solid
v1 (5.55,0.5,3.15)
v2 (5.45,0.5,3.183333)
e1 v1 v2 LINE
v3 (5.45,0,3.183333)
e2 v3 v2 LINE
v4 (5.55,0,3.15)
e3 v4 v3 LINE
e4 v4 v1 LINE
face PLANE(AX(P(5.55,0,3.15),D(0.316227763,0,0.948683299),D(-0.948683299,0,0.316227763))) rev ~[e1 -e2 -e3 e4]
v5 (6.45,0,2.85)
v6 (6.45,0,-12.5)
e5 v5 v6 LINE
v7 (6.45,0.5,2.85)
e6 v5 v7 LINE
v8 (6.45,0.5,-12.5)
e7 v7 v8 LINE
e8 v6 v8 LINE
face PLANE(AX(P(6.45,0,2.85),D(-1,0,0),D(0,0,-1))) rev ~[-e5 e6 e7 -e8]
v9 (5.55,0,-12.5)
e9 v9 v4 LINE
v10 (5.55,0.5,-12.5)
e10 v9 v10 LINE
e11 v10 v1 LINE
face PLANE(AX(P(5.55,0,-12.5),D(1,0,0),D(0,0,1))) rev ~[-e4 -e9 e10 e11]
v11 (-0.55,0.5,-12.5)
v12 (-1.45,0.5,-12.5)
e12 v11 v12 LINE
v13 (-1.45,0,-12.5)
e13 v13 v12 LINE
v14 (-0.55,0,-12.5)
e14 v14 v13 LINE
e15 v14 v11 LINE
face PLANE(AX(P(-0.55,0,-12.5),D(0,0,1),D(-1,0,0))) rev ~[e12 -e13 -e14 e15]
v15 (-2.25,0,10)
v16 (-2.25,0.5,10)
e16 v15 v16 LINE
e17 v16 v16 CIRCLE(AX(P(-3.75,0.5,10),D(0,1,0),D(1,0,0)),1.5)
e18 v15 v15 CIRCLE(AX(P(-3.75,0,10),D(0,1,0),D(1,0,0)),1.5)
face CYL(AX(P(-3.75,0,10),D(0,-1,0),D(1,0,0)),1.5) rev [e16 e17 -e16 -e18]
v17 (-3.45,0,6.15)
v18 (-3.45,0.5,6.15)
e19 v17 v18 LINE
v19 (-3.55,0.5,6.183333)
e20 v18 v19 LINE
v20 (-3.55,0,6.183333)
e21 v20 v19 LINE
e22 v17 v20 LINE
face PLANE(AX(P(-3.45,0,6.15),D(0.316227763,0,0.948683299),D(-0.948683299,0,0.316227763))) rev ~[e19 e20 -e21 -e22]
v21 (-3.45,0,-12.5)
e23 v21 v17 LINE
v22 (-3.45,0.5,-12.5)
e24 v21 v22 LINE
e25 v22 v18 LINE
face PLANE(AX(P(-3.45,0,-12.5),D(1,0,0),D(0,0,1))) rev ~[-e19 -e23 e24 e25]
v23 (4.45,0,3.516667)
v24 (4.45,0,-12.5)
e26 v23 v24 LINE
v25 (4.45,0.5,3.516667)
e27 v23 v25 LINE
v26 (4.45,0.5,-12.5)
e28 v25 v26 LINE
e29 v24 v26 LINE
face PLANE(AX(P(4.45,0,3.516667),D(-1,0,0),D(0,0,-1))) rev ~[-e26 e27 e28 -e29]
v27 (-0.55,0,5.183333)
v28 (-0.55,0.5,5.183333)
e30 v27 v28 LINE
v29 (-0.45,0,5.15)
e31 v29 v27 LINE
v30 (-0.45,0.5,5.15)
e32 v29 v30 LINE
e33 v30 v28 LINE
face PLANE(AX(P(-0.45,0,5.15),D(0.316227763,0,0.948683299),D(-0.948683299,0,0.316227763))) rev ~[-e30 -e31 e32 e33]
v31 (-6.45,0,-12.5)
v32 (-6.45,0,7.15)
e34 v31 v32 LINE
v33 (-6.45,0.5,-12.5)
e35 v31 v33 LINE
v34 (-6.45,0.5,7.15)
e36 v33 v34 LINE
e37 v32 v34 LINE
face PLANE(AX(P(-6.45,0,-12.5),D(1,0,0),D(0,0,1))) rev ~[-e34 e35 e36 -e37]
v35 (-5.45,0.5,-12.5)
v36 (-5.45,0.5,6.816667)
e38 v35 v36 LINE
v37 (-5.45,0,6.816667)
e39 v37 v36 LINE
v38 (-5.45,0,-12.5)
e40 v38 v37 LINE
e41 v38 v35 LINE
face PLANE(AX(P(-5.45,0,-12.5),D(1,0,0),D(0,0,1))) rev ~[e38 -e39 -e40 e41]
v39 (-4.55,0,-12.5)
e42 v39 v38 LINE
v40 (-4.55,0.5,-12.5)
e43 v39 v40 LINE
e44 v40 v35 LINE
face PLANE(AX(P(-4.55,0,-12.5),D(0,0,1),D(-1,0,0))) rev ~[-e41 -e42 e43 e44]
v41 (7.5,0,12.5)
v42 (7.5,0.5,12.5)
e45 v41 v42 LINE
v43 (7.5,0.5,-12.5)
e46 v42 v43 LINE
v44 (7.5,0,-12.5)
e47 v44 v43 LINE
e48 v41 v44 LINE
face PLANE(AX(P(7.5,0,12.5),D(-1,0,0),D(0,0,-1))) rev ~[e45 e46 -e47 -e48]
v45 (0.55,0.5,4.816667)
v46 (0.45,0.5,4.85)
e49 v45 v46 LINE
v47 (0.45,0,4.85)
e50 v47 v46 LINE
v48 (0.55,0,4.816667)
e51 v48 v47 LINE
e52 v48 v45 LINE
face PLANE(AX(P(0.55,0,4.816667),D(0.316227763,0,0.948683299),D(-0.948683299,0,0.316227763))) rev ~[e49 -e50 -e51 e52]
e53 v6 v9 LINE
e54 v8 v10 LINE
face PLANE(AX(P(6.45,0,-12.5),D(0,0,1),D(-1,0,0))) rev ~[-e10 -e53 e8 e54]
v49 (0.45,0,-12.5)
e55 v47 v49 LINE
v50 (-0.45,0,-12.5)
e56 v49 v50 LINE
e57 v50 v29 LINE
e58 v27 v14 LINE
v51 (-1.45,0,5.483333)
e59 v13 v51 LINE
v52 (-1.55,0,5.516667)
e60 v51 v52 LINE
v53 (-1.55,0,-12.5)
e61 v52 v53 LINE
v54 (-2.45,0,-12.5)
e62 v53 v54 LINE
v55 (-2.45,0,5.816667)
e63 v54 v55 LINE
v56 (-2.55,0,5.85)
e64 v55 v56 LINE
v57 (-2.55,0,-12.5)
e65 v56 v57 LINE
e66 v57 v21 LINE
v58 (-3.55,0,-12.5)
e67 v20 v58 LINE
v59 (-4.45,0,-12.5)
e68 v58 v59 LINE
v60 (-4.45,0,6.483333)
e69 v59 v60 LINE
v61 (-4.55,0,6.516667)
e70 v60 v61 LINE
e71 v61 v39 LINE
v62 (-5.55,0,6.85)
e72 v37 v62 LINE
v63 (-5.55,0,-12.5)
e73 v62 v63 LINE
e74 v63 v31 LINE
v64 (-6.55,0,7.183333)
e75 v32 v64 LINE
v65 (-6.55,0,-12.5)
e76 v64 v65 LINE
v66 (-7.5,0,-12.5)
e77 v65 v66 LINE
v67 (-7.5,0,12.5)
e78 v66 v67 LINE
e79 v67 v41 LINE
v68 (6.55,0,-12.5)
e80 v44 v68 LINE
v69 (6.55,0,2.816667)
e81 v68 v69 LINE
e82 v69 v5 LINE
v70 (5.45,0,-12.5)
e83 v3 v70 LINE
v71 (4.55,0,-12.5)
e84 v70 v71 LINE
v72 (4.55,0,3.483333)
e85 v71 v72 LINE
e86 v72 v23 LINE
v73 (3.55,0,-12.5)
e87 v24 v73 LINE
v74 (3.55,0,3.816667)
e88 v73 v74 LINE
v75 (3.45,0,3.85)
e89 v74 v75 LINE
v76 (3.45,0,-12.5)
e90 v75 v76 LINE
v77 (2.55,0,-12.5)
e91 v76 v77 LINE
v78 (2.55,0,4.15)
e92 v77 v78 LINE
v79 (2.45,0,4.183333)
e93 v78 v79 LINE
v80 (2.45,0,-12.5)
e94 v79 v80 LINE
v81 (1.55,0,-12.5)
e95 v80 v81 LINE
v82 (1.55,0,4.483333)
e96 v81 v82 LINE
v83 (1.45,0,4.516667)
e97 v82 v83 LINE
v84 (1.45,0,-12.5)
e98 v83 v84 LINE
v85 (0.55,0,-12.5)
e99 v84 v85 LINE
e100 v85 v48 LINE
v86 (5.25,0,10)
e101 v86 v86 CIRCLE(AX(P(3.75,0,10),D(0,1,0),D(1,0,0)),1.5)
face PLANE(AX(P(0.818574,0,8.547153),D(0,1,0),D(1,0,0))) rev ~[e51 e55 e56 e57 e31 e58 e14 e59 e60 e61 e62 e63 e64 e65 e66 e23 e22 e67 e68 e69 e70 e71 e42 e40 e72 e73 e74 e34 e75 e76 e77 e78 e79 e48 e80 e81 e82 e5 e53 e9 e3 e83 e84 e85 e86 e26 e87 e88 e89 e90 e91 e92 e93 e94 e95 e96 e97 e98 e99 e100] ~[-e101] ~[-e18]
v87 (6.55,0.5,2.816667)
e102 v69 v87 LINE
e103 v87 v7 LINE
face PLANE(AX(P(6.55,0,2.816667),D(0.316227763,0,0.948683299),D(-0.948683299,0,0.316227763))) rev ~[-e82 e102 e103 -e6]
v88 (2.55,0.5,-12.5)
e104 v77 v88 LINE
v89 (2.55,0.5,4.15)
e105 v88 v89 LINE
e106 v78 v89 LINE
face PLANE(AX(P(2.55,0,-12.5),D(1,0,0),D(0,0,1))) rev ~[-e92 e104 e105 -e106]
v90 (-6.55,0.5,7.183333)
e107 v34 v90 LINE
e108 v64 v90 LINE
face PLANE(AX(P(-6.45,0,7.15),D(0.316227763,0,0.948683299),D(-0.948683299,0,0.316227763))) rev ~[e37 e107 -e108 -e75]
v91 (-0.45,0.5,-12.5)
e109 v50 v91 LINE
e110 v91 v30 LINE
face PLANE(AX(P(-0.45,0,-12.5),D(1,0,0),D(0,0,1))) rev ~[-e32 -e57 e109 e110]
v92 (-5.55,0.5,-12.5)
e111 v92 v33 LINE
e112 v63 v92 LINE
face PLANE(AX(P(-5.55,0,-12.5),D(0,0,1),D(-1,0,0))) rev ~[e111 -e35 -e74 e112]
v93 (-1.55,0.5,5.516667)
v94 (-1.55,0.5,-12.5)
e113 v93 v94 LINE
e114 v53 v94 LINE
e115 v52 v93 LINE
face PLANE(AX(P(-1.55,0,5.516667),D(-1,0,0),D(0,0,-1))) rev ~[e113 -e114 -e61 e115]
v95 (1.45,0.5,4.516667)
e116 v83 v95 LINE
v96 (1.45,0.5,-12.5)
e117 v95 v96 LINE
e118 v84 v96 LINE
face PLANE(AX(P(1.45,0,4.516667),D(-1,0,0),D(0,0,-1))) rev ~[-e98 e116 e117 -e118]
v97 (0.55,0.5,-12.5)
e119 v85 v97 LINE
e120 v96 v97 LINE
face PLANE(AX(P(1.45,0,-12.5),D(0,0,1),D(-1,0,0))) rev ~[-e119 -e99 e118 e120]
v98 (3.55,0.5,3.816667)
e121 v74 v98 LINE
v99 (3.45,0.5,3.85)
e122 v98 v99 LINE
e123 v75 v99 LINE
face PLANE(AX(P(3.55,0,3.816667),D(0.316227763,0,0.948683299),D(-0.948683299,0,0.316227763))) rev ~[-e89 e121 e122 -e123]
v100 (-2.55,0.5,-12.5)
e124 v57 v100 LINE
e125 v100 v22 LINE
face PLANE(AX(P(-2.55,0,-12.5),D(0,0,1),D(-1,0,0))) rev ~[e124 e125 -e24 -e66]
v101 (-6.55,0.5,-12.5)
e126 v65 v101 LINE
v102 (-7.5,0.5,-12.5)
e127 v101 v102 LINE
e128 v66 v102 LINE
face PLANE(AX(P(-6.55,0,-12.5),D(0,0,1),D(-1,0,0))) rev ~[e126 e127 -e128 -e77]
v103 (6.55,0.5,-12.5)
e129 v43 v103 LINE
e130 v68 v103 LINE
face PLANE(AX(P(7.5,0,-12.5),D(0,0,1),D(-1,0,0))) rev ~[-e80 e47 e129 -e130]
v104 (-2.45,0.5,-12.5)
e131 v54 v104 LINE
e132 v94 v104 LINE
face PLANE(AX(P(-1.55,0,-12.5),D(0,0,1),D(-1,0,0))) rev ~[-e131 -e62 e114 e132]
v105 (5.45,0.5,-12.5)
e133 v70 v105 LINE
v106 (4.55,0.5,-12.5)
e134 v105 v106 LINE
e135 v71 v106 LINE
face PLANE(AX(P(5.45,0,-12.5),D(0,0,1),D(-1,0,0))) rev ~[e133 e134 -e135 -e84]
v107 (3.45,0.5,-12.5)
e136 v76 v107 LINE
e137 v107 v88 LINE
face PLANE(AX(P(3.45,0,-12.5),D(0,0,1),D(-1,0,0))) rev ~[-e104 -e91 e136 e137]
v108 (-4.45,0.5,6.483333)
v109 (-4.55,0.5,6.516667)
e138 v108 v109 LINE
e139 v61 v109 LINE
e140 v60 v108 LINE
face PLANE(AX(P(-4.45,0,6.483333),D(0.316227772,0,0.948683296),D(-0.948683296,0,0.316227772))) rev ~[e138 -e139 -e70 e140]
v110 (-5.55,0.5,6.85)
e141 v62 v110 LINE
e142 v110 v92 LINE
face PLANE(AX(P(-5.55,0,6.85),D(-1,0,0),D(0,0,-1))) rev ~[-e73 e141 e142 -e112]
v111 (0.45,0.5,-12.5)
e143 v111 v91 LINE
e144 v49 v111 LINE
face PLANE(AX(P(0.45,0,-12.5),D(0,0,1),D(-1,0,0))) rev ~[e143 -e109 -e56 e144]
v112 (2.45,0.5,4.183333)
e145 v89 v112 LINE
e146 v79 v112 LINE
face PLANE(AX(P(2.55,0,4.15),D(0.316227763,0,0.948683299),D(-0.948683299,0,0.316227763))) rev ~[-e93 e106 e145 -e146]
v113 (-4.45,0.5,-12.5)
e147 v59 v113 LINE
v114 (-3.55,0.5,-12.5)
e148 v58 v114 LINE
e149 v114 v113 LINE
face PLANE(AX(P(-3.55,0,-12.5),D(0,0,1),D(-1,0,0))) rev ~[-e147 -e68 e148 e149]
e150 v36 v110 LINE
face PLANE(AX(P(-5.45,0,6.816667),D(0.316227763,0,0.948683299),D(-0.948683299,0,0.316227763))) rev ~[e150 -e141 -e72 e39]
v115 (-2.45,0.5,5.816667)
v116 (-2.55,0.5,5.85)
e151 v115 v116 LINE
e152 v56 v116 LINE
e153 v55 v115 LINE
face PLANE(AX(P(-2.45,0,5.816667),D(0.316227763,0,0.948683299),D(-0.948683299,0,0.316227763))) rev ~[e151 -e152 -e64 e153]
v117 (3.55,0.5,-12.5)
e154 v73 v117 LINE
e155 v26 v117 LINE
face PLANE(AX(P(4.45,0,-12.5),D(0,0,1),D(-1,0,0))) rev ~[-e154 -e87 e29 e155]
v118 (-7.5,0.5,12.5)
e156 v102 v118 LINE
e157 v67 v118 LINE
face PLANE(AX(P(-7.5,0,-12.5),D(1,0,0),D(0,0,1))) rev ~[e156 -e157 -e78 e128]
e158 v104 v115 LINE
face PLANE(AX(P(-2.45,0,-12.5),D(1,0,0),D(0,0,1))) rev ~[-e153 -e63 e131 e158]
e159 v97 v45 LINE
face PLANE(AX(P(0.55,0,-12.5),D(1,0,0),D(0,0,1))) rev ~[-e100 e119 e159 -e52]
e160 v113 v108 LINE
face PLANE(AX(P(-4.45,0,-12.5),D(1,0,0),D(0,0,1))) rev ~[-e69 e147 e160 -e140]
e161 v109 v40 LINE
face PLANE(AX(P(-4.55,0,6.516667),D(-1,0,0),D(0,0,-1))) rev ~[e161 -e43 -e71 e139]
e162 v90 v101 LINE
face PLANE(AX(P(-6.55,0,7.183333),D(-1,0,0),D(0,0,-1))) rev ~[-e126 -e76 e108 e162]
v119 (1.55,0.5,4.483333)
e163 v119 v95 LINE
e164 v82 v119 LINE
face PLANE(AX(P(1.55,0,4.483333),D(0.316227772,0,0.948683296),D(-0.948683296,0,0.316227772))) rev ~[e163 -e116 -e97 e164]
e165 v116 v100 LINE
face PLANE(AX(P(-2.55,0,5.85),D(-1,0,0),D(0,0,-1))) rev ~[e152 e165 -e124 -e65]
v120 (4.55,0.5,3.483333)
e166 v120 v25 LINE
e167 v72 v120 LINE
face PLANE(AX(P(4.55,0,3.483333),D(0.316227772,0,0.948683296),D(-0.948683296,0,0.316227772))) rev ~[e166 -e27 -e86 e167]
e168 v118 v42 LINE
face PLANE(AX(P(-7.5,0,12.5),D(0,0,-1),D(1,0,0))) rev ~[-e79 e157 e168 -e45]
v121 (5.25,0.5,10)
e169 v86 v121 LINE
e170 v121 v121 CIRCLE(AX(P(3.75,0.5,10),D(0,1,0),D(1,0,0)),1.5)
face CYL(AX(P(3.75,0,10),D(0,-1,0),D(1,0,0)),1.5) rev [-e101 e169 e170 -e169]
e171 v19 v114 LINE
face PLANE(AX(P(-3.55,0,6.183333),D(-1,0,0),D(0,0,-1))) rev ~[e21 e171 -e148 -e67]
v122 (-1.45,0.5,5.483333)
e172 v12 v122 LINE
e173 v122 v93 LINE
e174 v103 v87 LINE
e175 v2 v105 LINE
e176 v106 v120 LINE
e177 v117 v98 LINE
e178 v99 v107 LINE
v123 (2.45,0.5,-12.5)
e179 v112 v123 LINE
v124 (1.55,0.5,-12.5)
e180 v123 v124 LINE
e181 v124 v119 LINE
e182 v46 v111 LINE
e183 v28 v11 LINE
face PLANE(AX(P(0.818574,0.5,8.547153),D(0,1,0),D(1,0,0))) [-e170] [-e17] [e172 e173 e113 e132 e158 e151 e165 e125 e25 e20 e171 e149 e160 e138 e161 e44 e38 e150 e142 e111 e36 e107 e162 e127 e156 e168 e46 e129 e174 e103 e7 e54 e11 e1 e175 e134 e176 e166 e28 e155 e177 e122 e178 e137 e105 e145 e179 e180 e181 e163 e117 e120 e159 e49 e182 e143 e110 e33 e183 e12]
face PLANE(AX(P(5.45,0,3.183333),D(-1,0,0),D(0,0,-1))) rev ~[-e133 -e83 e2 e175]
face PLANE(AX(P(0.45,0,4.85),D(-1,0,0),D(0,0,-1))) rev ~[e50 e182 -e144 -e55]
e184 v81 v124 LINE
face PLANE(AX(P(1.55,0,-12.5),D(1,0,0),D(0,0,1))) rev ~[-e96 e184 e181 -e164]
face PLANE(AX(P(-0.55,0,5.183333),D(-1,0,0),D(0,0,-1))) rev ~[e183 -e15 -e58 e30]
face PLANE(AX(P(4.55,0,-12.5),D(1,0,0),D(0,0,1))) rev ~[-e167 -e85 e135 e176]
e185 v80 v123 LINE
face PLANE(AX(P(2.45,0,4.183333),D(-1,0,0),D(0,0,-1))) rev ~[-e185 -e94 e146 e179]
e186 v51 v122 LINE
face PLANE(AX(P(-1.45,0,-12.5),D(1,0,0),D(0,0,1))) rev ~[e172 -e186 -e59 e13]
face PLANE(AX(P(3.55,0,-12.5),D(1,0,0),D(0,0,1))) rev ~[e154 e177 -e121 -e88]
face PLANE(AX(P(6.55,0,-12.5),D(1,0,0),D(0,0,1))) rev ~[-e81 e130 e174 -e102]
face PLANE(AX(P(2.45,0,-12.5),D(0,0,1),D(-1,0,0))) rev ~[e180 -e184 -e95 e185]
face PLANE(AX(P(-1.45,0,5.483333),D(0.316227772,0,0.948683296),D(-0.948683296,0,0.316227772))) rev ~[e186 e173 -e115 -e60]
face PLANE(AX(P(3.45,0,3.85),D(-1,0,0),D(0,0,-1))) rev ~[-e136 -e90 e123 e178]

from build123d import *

# Parameters (mm, degrees)
SKETCH1_R           = 1.5
BOSS_EXTRUDE1_DEPTH = 0.5


with BuildPart() as part:
    # Sketch1 → Boss-Extrude1 (new body)
    with BuildSketch(Plane(origin=(0, 0, 0), x_dir=(1, 0, 0), z_dir=(0, 1, 0))):
        Polygon((-6.55, -7.183333333), (-7.5, -7.5), (-7.5, -12.5), (7.5, -12.5), (7.5, -2.5), (6.55, -2.816666667), (6.45, -2.85), (5.55, -3.15), (5.45, -3.183333333), (4.55, -3.483333333), (4.45, -3.516666667), (3.55, -3.816666667), (3.45, -3.85), (2.55, -4.15), (2.45, -4.183333333), (1.55, -4.483333333), (1.45, -4.516666667), (0.55, -4.816666667), (0.45, -4.85), (-0.45, -5.15), (-0.55, -5.183333333), (-1.45, -5.483333333), (-1.55, -5.516666667), (-2.45, -5.816666667), (-2.55, -5.85), (-3.45, -6.15), (-3.55, -6.183333333), (-4.45, -6.483333333), (-4.55, -6.516666667), (-5.45, -6.816666667), (-5.55, -6.85), (-6.45, -7.15), align=None)
        with Locations((-3.75, -10)):
            Circle(SKETCH1_R, mode=Mode.SUBTRACT)
        with Locations((3.75, -10)):
            Circle(SKETCH1_R, mode=Mode.SUBTRACT)
        Polygon((6.55, -2.816666667), (7.5, -2.5), (7.5, 12.5), (6.55, 12.5), align=None)
        Polygon((5.55, -3.15), (6.45, -2.85), (6.45, 12.5), (5.55, 12.5), align=None)
        Polygon((4.55, -3.483333333), (5.45, -3.183333333), (5.45, 12.5), (4.55, 12.5), align=None)
        Polygon((3.55, -3.816666667), (4.45, -3.516666667), (4.45, 12.5), (3.55, 12.5), align=None)
        Polygon((2.55, -4.15), (3.45, -3.85), (3.45, 12.5), (2.55, 12.5), align=None)
        Polygon((1.55, -4.483333333), (2.45, -4.183333333), (2.45, 12.5), (1.55, 12.5), align=None)
        Polygon((0.55, -4.816666667), (1.45, -4.516666667), (1.45, 12.5), (0.55, 12.5), align=None)
        Polygon((-0.45, 12.5), (-0.45, -5.15), (0.45, -4.85), (0.45, 12.5), align=None)
        Polygon((-1.45, 12.5), (-1.45, -5.483333333), (-0.55, -5.183333333), (-0.55, 12.5), align=None)
        Polygon((-2.45, 12.5), (-2.45, -5.816666667), (-1.55, -5.516666667), (-1.55, 12.5), align=None)
        Polygon((-3.45, 12.5), (-3.45, -6.15), (-2.55, -5.85), (-2.55, 12.5), align=None)
        Polygon((-4.45, 12.5), (-4.45, -6.483333333), (-3.55, -6.183333333), (-3.55, 12.5), align=None)
        Polygon((-5.45, 12.5), (-5.45, -6.816666667), (-4.55, -6.516666667), (-4.55, 12.5), align=None)
        Polygon((-6.45, 12.5), (-6.45, -7.15), (-5.55, -6.85), (-5.55, 12.5), align=None)
        Polygon((-7.5, 12.5), (-7.5, -7.5), (-6.55, -7.183333333), (-6.55, 12.5), align=None)
    extrude(amount=BOSS_EXTRUDE1_DEPTH)


solid = part.part
